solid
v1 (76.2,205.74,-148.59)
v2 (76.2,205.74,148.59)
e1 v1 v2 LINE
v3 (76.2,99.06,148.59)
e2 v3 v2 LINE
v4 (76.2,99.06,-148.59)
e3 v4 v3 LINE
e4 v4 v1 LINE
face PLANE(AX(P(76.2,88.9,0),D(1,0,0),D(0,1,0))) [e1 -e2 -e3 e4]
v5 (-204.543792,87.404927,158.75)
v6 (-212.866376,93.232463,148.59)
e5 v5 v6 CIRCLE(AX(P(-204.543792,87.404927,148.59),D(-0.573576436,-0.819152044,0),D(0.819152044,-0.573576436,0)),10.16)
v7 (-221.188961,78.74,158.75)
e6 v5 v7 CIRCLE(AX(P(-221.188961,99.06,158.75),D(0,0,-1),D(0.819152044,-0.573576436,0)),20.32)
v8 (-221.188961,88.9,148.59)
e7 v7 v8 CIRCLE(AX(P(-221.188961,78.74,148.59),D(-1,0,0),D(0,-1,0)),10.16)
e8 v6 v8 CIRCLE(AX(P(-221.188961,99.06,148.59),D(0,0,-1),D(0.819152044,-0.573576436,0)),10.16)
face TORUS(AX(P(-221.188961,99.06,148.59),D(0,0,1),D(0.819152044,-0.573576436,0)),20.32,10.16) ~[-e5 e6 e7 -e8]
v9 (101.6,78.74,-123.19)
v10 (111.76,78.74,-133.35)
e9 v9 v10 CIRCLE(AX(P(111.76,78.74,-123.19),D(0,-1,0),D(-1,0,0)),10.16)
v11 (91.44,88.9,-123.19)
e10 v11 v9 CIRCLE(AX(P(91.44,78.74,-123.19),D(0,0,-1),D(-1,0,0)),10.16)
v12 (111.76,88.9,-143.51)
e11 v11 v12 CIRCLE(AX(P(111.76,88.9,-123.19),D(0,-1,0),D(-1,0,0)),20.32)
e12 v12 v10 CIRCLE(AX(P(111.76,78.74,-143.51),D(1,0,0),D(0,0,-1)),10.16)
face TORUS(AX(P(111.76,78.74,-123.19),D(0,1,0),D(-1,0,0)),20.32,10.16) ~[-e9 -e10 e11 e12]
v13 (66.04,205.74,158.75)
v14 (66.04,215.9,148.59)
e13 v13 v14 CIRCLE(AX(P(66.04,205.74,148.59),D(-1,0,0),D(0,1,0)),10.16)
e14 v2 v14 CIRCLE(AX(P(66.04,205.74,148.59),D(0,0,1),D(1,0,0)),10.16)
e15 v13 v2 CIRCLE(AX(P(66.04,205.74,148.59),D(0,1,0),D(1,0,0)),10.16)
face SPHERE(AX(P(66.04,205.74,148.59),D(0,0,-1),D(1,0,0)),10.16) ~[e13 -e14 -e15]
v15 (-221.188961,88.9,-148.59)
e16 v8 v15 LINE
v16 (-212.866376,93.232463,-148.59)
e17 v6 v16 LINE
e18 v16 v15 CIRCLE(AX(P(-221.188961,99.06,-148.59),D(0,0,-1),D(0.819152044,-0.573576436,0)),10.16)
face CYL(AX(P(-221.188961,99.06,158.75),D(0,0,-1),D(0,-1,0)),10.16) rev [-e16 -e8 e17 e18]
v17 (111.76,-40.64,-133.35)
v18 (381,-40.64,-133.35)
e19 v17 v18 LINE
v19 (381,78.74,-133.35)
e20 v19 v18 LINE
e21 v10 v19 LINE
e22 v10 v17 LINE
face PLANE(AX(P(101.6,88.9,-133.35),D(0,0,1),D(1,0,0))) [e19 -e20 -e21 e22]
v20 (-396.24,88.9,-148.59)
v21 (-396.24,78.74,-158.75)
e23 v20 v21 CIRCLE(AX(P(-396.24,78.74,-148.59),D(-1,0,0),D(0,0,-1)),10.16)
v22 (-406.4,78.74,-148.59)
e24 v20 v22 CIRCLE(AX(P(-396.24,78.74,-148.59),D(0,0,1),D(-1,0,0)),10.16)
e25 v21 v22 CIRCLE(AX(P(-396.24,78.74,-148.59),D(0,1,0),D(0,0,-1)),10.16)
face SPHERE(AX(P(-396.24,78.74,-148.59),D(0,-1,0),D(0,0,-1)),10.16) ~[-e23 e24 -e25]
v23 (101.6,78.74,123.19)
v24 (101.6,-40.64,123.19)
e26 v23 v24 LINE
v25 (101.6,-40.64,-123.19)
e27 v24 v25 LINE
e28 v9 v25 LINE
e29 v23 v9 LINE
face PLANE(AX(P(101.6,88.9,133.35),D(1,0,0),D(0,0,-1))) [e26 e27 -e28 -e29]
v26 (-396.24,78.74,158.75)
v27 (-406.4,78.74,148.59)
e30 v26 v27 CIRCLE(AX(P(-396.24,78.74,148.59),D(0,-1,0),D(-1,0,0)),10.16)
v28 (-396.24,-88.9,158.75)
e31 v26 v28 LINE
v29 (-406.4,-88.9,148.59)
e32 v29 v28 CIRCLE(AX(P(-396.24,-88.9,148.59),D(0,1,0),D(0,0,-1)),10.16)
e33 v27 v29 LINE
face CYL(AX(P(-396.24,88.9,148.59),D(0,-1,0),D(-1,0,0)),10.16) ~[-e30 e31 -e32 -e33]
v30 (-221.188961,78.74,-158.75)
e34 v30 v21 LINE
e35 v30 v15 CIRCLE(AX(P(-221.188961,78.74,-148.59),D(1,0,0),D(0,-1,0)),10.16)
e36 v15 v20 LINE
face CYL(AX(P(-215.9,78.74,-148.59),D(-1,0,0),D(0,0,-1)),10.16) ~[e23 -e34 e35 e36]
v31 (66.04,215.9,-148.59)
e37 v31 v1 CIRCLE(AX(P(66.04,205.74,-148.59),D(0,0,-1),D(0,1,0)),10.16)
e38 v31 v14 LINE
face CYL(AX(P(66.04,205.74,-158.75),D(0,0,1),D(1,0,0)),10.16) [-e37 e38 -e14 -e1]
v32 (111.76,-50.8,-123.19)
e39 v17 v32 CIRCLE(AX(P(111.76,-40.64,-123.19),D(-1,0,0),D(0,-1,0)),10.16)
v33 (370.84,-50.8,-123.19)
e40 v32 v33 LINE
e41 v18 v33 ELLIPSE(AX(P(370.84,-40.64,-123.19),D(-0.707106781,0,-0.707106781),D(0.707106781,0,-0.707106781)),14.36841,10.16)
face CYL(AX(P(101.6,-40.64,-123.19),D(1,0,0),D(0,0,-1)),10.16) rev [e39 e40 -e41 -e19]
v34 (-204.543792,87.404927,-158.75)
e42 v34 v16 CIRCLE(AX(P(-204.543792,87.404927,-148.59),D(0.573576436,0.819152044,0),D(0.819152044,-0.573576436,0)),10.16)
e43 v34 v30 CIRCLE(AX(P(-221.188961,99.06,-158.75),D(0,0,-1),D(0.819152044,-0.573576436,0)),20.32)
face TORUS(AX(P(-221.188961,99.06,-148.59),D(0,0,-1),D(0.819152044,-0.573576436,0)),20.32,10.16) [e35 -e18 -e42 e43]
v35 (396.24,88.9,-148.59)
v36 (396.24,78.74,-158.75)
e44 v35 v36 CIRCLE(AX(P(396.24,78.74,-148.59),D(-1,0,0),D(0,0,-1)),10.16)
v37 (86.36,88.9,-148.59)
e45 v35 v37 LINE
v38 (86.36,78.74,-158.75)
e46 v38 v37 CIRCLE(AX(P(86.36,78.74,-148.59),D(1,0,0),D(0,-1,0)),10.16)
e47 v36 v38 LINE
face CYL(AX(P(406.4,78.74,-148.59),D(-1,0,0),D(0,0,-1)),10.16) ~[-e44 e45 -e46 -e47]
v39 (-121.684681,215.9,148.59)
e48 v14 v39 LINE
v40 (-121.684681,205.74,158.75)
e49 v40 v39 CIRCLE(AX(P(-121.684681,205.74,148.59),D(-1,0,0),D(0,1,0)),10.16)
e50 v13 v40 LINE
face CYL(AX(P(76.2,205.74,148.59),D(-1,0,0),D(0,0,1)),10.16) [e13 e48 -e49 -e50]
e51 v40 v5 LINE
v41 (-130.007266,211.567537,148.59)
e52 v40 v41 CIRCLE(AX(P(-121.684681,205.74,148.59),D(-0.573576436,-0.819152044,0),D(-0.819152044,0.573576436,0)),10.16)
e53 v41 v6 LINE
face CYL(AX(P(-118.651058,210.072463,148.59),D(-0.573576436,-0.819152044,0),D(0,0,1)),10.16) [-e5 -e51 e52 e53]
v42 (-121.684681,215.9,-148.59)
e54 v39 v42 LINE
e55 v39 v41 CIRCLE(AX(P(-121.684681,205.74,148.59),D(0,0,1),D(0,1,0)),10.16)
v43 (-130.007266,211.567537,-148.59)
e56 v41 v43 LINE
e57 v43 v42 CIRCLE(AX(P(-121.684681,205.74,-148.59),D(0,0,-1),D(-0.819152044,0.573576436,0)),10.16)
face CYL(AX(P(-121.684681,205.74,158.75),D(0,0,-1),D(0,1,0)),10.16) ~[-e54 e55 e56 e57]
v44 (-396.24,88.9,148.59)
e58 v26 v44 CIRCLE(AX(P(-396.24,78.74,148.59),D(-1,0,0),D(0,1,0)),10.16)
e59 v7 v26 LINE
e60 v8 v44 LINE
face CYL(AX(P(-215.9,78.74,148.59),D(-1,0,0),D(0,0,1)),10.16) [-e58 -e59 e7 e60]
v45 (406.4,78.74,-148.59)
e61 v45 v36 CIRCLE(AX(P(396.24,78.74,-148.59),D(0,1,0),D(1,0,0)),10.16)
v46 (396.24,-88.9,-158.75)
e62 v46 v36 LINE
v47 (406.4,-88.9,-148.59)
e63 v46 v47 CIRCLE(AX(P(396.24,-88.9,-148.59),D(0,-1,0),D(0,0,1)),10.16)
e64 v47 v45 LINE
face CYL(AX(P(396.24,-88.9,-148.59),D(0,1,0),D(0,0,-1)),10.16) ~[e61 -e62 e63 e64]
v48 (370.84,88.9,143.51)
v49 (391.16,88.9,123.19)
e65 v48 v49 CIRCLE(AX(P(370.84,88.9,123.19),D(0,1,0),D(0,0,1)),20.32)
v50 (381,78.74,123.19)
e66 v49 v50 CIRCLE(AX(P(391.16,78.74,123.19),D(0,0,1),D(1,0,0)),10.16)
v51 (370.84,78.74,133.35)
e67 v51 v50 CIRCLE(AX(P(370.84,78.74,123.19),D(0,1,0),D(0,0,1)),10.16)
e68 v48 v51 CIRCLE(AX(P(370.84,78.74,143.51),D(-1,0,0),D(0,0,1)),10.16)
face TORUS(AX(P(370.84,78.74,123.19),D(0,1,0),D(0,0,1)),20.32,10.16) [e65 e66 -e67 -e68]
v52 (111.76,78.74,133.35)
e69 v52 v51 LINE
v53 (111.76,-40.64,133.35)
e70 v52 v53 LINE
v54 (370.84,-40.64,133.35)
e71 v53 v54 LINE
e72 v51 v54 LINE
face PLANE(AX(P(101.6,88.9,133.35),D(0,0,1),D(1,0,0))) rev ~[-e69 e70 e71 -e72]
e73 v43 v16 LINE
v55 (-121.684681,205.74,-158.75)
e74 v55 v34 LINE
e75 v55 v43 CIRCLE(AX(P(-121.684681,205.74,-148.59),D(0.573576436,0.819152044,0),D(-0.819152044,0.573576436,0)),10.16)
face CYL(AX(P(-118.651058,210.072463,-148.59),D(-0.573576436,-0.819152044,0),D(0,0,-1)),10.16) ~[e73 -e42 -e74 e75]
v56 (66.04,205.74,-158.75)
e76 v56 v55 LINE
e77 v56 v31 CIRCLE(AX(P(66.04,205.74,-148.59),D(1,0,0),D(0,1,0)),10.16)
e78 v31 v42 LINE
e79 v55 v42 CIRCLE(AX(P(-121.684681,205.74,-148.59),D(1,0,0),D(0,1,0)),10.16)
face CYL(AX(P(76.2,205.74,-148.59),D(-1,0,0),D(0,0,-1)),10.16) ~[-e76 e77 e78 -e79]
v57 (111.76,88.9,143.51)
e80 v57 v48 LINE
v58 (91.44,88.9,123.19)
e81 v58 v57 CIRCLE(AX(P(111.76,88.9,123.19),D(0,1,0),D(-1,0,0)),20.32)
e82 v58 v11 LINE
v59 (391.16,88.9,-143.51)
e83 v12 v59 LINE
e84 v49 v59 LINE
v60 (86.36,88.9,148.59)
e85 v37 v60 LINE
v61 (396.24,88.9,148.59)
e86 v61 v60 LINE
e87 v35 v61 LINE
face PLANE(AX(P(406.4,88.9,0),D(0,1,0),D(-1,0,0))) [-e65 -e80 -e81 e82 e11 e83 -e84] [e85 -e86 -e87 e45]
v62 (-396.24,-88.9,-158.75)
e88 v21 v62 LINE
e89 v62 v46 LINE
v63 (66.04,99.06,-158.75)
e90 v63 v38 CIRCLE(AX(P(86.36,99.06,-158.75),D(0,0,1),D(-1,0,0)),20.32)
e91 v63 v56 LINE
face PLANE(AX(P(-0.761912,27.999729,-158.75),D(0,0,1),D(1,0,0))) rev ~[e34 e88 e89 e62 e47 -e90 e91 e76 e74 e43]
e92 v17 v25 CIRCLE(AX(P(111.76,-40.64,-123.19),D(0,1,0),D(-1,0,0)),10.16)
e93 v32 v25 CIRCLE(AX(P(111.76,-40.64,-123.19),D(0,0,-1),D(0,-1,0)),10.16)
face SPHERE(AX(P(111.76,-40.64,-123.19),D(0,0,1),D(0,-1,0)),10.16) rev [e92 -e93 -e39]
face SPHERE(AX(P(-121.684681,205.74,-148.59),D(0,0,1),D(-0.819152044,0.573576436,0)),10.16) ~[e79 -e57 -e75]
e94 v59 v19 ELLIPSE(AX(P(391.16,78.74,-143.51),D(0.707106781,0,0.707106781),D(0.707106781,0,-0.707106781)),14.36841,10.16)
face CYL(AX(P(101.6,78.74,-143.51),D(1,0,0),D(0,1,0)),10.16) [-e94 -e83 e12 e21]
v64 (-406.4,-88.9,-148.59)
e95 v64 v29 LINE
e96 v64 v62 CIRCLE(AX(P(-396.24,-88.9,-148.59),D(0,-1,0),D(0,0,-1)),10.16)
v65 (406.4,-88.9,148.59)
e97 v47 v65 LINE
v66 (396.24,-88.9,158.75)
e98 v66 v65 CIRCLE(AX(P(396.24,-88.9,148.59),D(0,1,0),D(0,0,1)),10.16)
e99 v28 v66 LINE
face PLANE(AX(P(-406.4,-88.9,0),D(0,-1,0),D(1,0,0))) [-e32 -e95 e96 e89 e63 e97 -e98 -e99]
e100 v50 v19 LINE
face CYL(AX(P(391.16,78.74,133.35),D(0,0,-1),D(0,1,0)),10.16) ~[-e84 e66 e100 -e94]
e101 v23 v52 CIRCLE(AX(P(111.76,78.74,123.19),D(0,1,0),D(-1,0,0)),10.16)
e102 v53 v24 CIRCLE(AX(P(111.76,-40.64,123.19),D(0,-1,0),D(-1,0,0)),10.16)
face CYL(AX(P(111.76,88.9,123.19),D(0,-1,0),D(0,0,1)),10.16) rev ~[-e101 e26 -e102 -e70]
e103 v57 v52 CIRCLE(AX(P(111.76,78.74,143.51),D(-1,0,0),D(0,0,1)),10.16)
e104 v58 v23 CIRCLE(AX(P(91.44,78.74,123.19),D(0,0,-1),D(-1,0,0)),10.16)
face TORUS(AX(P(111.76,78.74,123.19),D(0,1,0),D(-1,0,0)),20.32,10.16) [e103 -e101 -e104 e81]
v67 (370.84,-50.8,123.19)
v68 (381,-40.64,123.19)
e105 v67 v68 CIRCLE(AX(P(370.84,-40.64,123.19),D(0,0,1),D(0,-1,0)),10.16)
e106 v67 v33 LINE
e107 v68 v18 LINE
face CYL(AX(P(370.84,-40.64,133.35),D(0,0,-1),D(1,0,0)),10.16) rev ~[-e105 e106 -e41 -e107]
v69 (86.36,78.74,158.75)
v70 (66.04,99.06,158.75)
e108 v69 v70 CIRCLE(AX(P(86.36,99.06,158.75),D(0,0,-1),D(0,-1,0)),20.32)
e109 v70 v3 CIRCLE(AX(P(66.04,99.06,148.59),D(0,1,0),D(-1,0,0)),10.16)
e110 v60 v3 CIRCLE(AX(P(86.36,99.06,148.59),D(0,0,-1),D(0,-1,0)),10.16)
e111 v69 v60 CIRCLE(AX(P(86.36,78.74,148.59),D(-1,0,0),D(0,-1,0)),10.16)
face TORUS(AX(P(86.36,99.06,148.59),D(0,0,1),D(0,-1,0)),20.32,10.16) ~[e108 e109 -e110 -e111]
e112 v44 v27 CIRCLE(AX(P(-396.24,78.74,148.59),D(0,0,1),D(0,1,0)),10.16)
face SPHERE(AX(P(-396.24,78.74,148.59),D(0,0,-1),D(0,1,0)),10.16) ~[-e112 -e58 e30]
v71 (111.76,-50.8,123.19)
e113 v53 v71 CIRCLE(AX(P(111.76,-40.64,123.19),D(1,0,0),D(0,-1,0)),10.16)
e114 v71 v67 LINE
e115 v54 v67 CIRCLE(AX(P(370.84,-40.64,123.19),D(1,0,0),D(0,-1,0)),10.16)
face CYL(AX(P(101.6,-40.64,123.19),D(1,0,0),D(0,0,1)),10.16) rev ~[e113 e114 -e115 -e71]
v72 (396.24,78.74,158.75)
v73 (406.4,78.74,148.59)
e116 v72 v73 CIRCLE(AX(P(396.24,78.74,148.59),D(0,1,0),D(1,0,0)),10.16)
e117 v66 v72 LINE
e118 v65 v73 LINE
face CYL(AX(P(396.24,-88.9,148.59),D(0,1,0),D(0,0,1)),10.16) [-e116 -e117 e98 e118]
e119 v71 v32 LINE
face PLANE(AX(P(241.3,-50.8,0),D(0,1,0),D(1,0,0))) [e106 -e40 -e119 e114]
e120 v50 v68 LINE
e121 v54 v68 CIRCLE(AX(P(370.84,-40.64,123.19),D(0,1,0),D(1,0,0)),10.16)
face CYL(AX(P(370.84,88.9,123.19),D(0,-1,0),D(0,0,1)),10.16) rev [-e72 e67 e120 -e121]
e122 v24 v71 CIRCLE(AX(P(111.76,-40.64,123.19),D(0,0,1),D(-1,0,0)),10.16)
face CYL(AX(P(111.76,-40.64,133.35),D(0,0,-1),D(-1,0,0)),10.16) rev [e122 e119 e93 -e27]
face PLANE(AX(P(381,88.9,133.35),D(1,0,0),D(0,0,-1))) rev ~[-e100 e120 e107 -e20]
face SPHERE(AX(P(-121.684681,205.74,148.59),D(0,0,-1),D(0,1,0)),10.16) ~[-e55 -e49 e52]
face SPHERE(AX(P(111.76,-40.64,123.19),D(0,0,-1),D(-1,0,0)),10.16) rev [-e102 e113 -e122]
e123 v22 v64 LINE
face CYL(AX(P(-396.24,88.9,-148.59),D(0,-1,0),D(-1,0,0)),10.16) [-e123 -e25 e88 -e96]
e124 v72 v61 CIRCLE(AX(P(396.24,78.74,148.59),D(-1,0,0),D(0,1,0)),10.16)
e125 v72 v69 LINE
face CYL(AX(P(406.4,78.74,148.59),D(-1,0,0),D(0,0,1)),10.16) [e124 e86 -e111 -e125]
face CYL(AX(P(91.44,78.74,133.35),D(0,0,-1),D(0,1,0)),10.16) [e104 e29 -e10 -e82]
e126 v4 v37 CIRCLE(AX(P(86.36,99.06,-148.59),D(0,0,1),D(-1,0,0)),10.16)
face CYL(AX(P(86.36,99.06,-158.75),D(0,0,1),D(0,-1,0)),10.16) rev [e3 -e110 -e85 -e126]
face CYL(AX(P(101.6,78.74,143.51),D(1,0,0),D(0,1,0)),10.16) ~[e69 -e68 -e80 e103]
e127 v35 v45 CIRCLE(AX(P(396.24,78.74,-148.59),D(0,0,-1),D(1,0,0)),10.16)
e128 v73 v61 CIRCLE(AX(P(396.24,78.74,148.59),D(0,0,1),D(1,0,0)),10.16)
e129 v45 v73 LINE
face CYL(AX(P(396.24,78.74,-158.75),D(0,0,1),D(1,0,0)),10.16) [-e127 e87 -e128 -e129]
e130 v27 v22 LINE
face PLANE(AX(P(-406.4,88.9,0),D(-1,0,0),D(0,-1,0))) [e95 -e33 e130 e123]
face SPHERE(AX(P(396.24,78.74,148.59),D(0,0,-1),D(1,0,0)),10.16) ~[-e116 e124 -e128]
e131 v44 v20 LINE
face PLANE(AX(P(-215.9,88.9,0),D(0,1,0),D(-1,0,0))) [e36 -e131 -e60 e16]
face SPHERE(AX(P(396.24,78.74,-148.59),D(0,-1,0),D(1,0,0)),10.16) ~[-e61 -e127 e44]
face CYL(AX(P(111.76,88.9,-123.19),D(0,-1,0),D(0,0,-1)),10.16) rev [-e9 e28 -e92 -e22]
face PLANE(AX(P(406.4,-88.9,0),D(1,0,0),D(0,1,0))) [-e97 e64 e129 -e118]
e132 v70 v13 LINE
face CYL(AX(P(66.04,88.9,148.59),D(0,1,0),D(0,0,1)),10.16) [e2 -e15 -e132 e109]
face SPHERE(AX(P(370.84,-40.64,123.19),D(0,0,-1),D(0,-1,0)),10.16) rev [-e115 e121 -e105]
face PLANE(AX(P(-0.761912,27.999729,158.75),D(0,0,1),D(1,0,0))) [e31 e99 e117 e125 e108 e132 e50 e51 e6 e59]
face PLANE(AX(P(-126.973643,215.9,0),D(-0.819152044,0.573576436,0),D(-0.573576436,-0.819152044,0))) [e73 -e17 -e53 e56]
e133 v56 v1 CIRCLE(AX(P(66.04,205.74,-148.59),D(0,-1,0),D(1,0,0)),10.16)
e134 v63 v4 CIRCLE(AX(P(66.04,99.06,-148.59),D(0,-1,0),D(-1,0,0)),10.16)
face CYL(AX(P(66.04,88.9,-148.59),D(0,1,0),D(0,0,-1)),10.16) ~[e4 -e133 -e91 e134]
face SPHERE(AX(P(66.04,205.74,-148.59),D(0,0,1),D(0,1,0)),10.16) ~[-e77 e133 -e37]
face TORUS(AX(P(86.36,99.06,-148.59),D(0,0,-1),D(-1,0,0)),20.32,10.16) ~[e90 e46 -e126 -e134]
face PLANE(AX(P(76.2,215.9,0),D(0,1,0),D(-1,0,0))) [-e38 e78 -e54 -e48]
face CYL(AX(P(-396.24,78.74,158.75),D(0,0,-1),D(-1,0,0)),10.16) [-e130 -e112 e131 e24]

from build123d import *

# Parameters (mm, degrees)
BOSS_EXTRUDE1_DEPTH = 158.75
SKETCH2_W           = 279.4
SKETCH2_H           = 266.7
CUT_EXTRUDE1_DEPTH  = 139.7
FILLET1_R           = 10.16


with BuildPart() as part:
    # Sketch1 → Boss-Extrude1 (new, symmetric)
    with BuildSketch(Plane.XY):
        Polygon((-406.4, 88.9), (-406.4, -88.9), (406.4, -88.9), (406.4, 88.9), (76.2, 88.9), (76.2, 215.9), (-126.973642647, 215.9), (-215.9, 88.9), align=None)
    extrude(amount=BOSS_EXTRUDE1_DEPTH, both=True)

    # Sketch2 → Cut-Extrude1 (cut)
    with BuildSketch(Plane(origin=(0, 88.9, 0), x_dir=(1, 0, 0), z_dir=(0, 1, 0))):
        with Locations((241.3, 0)):
            Rectangle(SKETCH2_W, SKETCH2_H)
    extrude(amount=-CUT_EXTRUDE1_DEPTH, mode=Mode.SUBTRACT)

    # Fillet1
    fillet1_edges = [part.edges().sort_by_distance(p)[0] for p in [
        (406.4, 0, -158.75),
        (-406.4, 0, -158.75),
        (-311.15, 88.9, -158.75),
        (-215.9, 88.9, 0),
        (-126.973642647, 215.9, 0),
        (76.2, 215.9, 0),
        (76.2, 88.9, 0),
        (406.4, 88.9, 0),
        (-406.4, 88.9, 0),
        (406.4, 0, 158.75),
        (241.3, 88.9, 158.75),
        (76.2, 152.4, 158.75),
        (101.6, -50.8, 0),
        (101.6, 19.05, 133.35),
        (241.3, -50.8, -133.35),
        (101.6, 19.05, -133.35),
        (381, -50.8, 0),
        (241.3, -50.8, 133.35),
        (-25.386821324, 215.9, 158.75),
        (381, 19.05, 133.35),
        (101.6, 88.9, 0),
        (241.3, 88.9, 133.35),
        (381, 88.9, 0),
        (241.3, 88.9, -133.35),
        (-171.436821324, 152.4, 158.75),
        (-311.15, 88.9, 158.75),
        (-171.436821324, 152.4, -158.75),
        (-406.4, 0, 158.75),
        (-25.386821324, 215.9, -158.75),
        (76.2, 152.4, -158.75),
        (241.3, 88.9, -158.75),
    ]]
    fillet(fillet1_edges, radius=FILLET1_R)


solid = part.part
